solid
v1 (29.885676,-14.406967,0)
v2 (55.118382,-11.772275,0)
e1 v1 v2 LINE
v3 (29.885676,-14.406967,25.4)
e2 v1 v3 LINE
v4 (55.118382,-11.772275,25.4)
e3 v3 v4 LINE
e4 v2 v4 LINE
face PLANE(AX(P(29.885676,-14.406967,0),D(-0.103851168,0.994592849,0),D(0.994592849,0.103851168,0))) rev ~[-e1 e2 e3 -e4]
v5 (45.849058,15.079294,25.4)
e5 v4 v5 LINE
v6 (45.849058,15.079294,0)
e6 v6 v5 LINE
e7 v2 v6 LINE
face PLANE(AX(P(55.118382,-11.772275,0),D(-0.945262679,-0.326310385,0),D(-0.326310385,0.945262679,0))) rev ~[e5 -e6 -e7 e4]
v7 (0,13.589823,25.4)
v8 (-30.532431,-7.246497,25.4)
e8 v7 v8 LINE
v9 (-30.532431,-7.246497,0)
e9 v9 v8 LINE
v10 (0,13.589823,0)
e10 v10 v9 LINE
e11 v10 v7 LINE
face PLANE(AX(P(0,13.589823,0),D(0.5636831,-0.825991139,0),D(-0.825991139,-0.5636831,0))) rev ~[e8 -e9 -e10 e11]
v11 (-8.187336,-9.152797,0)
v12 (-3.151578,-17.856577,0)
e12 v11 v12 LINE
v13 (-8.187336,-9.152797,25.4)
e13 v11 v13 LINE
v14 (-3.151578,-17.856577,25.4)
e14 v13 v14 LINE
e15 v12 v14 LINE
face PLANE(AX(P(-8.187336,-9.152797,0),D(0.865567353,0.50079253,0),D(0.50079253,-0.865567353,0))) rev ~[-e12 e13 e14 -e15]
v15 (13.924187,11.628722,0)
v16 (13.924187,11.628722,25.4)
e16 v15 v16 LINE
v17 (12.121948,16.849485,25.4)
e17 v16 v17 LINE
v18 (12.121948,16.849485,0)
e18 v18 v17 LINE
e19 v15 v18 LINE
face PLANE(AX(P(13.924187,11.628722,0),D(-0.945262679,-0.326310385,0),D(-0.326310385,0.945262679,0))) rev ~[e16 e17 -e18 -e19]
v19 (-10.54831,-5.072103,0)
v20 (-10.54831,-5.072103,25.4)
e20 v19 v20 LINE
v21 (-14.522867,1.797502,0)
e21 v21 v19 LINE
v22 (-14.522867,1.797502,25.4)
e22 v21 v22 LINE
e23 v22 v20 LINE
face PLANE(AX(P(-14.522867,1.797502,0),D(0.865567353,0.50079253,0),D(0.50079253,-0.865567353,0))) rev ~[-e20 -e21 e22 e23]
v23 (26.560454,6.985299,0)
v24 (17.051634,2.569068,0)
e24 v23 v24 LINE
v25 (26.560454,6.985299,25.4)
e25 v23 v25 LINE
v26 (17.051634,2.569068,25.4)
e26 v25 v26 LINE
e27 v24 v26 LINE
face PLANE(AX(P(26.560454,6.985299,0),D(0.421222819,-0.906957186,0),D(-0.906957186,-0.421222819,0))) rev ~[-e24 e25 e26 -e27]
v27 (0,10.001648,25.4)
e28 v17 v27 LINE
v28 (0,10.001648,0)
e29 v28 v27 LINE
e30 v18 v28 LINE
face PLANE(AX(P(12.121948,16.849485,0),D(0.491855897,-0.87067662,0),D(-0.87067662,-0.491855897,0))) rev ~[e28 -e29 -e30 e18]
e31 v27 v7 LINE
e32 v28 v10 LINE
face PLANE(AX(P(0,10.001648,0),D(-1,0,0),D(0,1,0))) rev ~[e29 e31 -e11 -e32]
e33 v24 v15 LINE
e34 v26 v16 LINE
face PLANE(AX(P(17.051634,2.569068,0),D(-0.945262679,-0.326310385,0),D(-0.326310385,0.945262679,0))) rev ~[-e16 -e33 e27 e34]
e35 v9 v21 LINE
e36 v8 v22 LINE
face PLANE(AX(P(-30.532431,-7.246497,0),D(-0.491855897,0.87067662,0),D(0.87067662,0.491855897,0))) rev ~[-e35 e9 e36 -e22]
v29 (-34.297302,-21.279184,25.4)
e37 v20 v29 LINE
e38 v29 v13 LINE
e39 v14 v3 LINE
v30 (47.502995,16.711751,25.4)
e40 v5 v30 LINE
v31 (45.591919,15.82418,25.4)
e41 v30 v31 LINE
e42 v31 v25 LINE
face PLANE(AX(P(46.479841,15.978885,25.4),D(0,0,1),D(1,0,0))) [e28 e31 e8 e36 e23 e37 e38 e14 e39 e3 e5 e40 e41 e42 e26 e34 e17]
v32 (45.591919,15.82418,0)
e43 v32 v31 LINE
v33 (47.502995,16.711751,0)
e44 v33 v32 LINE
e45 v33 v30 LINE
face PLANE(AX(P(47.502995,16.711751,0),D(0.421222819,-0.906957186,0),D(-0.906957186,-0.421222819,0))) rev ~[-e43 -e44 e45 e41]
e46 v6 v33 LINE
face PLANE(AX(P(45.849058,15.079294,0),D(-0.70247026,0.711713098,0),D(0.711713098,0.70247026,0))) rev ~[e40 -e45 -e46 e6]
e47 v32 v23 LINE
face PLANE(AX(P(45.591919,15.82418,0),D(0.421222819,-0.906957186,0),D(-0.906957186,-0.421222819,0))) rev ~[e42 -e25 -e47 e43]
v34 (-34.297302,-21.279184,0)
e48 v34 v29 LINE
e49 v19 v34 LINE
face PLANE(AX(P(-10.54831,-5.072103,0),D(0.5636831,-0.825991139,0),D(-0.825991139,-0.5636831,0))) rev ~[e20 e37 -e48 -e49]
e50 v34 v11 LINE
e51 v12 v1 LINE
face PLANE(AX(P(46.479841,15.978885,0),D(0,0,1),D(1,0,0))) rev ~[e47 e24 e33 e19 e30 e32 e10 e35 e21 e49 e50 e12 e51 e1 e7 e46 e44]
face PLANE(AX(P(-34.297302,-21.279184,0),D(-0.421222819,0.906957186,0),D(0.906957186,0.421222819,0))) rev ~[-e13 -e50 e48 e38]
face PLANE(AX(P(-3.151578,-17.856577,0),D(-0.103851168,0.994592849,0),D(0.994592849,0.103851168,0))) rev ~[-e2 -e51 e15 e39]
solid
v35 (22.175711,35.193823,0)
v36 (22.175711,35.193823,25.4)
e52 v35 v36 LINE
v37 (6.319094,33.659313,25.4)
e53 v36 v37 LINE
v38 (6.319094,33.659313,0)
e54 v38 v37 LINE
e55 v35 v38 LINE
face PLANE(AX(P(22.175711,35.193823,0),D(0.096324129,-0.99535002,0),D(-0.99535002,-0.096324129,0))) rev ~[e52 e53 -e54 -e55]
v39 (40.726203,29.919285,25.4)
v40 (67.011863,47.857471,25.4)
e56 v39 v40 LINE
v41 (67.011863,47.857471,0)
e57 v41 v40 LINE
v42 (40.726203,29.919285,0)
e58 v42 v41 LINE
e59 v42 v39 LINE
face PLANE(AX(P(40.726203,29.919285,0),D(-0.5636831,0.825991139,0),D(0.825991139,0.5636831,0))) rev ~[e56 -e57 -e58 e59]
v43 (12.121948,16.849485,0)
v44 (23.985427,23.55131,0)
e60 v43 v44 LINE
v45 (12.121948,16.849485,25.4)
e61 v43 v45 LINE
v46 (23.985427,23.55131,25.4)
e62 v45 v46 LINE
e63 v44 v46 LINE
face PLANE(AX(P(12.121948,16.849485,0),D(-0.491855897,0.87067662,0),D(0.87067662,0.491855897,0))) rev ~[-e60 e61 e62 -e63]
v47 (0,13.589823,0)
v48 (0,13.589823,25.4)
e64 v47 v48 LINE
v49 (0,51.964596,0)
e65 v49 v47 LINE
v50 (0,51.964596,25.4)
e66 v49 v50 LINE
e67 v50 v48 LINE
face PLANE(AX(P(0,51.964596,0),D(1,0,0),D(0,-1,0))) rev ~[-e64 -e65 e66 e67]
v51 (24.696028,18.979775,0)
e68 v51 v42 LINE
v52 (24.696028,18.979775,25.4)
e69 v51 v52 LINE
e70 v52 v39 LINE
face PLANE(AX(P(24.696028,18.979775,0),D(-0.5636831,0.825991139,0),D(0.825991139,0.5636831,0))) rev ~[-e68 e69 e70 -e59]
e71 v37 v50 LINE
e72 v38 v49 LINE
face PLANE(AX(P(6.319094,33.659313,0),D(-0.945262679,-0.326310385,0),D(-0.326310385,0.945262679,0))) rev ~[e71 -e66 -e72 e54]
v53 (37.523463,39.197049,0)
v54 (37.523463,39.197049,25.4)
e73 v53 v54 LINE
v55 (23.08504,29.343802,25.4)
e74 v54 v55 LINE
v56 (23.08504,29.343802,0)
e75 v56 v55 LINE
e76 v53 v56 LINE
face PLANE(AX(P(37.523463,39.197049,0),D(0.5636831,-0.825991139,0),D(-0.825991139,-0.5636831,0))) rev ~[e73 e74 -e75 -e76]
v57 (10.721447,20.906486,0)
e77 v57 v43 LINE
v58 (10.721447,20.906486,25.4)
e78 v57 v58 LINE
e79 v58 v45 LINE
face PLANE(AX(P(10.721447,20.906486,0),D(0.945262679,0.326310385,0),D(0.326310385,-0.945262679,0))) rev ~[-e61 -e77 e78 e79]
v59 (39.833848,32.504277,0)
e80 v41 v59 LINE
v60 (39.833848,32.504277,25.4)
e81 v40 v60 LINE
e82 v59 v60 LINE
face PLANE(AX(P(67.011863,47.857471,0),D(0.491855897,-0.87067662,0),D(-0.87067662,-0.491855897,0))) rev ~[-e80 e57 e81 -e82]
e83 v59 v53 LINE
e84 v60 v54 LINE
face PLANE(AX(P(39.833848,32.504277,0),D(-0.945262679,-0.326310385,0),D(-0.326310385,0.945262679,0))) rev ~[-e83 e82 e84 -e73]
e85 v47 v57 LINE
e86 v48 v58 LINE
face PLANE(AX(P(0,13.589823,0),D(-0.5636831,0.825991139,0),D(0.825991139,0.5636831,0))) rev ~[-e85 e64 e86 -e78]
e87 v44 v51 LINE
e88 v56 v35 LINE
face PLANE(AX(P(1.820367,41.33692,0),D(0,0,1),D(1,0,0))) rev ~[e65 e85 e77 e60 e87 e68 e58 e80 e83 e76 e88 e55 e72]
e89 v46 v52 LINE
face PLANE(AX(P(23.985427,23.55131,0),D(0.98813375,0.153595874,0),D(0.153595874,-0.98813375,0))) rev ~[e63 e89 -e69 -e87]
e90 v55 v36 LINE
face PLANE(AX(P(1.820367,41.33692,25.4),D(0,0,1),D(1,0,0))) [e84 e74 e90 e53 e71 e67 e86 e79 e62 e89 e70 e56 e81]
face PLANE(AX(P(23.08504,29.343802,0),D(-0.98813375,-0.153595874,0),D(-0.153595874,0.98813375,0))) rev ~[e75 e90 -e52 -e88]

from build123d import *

# Parameters (mm, degrees)
F1_DEPTH = 25.4


with BuildPart() as f1:
    # F0 (on Top) → F1 (new body)
    with BuildSketch(Plane.XY):
        Polygon((0, 51.9645959139), (0, 33.0477882455), (6.3190941777, 33.6593130662), align=None)
        Polygon((39.8338484141, 32.5042771882), (40.7262031899, 29.9192853981), (67.0118629932, 47.8574708104), align=None)
        Polygon((6.3190941777, 33.6593130662), (10.7214472183, 20.9064856295), (23.0850401447, 29.3438017911), (22.1757106483, 35.193823278), align=None)
        Polygon((23.0850401447, 29.3438017911), (23.9854272391, 23.5513097741), (39.8338484141, 32.5042771882), (37.5234631144, 39.1970491598), align=None)
        Polygon((0, 16.7117509991), (0, 13.5898228739), (10.7214472183, 20.9064856295), (6.3190941777, 33.6593130662), (0, 33.0477882455), align=None)
        Polygon((10.7214472183, 20.9064856295), (12.121948305, 16.849485085), (23.9854272391, 23.5513097741), (23.0850401447, 29.3438017911), align=None)
        Polygon((23.9854272391, 23.5513097741), (24.696028294, 18.979774972), (40.7262031899, 29.9192853981), (39.8338484141, 32.5042771882), align=None)
    extrude(amount=F1_DEPTH)


with BuildPart() as f1b:
    # F0 (on Top) → F1, piece 2 (new body)
    with BuildSketch(Plane.XY):
        Polygon((47.5029945374, 16.7117509991), (45.5919186425, 15.8241801328), (45.8490579484, 15.0792936674), align=None)
        Polygon((-8.1873361963, -9.15279746), (-10.5483096594, -5.0721025031), (-34.2973023653, -21.2791841477), align=None)
        Polygon((-30.5324308574, -7.2464966215), (-14.5228667183, 1.7975024285), (-15.3032817192, 3.1463678893), align=None)
        Polygon((28.0353326342, -2.5030892903), (29.885675846, -14.4069674664), (55.1183817083, -11.772275317), (45.8490579484, 15.0792936674), align=None)
        Polygon((-10.5483096594, -5.0721025031), (0, 2.1264055759), (0, 10.0016478795), (-14.5228667183, 1.7975024285), align=None)
        Polygon((17.0516344271, 2.5690682597), (-8.1873361963, -9.15279746), (-3.1515778974, -17.8565774113), (29.885675846, -14.4069674664), (28.0353326342, -2.5030892903), (21.1489293724, -9.3000605702), align=None)
        Polygon((-14.5228667183, 1.7975024285), (0, 10.0016478795), (0, 13.5898228739), (-15.3032817192, 3.1463678893), align=None)
        Polygon((45.5919186425, 15.8241801328), (26.5604541239, 6.9852985927), (28.0353326342, -2.5030892903), (45.8490579484, 15.0792936674), align=None)
        Polygon((13.9241872938, 11.6287218678), (0, 2.1264055759), (-10.5483096594, -5.0721025031), (-8.1873361963, -9.15279746), (17.0516344271, 2.5690682597), align=None)
        Polygon((0, 10.0016478795), (0, 2.1264055759), (13.9241872938, 11.6287218678), (12.121948305, 16.849485085), align=None)
        Polygon((26.5604541239, 6.9852985927), (17.0516344271, 2.5690682597), (21.1489293724, -9.3000605702), (28.0353326342, -2.5030892903), align=None)
    extrude(amount=F1_DEPTH)


solid = Compound([f1.part, f1b.part])
